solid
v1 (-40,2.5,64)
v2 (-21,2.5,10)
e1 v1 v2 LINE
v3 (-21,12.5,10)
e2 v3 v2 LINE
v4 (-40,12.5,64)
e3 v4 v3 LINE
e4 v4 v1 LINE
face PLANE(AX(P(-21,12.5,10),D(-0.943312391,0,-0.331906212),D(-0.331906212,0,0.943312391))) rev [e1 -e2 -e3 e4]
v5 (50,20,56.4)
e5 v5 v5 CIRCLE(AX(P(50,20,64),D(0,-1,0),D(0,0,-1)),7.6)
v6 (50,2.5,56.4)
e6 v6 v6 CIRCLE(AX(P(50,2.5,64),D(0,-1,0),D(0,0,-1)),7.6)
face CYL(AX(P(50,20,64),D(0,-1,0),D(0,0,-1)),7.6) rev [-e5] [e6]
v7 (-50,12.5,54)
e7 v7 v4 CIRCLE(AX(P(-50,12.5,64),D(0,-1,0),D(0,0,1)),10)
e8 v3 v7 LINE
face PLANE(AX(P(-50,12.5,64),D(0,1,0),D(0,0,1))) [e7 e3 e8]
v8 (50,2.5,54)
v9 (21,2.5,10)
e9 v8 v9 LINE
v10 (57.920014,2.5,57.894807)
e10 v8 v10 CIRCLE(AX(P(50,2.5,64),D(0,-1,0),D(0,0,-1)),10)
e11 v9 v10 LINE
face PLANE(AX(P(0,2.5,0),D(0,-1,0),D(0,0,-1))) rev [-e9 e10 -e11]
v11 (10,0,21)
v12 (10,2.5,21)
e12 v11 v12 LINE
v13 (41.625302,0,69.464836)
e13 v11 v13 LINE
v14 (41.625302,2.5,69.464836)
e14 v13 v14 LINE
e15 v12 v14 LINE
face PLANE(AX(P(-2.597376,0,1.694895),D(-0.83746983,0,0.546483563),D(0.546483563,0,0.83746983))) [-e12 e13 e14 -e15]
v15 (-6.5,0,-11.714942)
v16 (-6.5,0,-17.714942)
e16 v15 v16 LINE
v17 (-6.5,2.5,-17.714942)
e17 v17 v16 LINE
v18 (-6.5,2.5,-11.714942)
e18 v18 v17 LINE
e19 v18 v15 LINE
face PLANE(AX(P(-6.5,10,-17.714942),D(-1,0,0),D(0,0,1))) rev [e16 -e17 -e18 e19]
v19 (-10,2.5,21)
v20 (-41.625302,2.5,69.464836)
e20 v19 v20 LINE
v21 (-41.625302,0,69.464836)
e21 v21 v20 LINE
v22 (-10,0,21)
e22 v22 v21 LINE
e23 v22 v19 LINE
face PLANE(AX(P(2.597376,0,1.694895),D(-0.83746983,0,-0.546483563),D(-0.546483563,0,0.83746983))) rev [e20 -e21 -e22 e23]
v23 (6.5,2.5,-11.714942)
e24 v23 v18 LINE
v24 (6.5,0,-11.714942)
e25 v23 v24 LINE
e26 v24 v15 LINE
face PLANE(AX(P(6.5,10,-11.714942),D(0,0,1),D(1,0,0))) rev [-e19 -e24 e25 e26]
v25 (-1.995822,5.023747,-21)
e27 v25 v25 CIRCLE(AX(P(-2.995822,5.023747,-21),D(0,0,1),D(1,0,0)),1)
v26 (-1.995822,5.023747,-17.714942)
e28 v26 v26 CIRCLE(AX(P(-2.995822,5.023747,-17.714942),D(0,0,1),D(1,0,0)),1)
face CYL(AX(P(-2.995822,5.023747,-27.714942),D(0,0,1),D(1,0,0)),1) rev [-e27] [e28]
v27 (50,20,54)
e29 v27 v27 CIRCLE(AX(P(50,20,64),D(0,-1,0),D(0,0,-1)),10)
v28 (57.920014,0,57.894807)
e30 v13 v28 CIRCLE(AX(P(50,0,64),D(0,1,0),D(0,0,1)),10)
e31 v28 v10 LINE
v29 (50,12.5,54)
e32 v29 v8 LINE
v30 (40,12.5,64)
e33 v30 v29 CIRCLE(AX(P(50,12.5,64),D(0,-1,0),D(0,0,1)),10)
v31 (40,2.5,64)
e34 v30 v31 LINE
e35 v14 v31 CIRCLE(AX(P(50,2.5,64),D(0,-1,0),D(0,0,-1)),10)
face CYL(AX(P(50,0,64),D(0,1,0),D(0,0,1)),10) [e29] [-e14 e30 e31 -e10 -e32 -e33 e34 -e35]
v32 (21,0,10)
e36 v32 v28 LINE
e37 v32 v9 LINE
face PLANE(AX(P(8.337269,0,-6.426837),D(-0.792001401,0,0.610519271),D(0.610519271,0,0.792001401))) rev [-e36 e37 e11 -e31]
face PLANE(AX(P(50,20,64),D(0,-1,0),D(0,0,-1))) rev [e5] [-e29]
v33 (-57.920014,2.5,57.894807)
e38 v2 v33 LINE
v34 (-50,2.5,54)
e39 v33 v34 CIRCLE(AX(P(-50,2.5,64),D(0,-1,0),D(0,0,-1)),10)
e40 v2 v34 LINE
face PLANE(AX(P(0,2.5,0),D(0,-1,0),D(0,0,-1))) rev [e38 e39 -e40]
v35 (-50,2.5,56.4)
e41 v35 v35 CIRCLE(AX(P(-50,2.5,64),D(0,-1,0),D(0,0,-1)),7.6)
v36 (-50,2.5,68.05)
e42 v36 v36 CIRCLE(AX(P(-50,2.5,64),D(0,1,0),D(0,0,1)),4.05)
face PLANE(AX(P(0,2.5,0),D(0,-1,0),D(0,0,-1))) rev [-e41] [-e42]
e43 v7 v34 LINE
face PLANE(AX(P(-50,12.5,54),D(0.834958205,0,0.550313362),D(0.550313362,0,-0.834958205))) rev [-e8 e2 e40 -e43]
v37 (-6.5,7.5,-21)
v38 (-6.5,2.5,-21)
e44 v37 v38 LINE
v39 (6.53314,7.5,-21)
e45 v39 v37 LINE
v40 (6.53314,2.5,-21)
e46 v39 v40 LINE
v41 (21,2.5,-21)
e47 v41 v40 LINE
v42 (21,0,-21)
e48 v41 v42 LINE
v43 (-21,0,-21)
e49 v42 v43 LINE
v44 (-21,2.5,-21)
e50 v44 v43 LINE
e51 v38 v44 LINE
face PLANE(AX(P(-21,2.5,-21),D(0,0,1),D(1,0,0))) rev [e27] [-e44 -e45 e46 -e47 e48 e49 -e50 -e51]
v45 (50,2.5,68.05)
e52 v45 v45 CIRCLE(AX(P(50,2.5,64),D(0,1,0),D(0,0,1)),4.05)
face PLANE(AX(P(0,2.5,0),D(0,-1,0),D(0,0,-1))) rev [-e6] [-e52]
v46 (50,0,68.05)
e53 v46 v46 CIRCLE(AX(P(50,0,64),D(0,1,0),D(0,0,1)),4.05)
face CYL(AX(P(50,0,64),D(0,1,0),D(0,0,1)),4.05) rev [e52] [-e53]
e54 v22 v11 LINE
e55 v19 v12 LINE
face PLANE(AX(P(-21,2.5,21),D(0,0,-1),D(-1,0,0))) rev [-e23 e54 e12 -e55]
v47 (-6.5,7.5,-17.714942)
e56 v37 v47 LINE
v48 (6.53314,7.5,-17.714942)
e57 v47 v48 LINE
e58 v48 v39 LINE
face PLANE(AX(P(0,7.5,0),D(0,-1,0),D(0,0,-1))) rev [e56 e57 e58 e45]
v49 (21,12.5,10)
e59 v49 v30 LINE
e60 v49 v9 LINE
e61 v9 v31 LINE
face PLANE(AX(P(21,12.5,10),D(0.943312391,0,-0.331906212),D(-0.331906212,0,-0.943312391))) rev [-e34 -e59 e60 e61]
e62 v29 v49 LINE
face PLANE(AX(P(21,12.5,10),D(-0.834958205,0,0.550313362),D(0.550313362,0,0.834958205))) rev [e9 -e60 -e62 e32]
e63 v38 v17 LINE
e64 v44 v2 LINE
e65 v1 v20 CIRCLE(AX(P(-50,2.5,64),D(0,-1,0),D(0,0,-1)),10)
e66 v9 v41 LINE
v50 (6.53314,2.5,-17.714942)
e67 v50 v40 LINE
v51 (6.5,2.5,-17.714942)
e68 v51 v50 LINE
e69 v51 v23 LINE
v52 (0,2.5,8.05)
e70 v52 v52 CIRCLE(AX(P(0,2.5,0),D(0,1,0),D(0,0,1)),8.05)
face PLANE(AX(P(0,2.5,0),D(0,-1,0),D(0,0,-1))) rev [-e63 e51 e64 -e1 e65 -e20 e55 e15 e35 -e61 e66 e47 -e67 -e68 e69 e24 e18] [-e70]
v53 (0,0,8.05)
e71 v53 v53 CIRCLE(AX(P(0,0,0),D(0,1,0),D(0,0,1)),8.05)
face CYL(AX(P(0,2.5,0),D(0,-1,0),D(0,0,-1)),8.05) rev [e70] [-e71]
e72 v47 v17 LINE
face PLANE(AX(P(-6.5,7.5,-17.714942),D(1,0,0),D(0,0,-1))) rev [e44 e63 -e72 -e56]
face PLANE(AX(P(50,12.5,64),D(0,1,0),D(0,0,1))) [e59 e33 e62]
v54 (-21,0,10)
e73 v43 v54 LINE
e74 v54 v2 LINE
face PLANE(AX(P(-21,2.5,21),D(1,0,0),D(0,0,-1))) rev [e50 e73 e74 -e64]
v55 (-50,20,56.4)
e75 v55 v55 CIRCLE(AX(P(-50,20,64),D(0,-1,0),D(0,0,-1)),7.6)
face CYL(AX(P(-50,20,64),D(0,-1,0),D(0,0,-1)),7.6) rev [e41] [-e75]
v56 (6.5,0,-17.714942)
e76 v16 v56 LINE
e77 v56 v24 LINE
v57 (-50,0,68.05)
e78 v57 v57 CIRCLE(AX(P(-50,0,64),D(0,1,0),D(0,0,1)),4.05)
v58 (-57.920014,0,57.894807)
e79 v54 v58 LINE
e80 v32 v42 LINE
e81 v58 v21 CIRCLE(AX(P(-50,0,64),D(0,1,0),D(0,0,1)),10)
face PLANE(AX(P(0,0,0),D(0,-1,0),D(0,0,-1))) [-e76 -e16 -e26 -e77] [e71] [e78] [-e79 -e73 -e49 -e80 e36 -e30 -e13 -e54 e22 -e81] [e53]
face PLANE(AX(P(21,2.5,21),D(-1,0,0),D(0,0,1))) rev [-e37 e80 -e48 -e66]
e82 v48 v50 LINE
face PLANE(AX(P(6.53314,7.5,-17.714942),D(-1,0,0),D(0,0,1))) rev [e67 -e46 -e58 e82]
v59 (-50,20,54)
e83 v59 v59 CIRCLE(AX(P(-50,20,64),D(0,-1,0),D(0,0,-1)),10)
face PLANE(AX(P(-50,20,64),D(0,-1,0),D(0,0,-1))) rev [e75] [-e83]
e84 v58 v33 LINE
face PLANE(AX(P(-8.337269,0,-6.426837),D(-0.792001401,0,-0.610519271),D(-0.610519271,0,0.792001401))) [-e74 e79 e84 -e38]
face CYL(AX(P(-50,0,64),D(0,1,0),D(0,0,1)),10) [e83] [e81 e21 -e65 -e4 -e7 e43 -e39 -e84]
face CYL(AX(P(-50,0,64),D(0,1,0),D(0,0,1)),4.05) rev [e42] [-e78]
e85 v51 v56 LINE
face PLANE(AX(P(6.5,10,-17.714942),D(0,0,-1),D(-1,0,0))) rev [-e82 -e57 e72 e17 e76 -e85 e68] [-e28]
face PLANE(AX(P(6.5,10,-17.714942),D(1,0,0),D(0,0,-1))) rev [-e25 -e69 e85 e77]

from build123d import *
from build123d.topology import SkipClean

# Parameters (mm, degrees)
SKETCH_6_W          = 42
SKETCH_6_H          = 42
SKETCH_6_R          = 8.05
EXTRUDE_1_DEPTH     = 2.5
SKETCH_7_R          = 4.05
EXTRUDE_5_DEPTH     = 2.5
EXTRUDE_START       = -20
SKETCH_9_R          = 10
SKETCH_9_R_2        = 7.6
EXTRUDE_7_DEPTH     = 20
EXTRUDE_START_2     = 10
EXTRUDE_8_DEPTH     = 10
SKETCH_11_W         = 13
SKETCH_11_H         = 6
CUT_EXTRUDE_1_DEPTH = 10
SKETCH_12_W         = 13.033140157
SKETCH_12_H         = 3.285057939
EXTRUDE_9_DEPTH     = 5
SKETCH_13_R         = 1
CUT_EXTRUDE_2_DEPTH = 10


with BuildPart() as part:
    # 草图6 → 凸台-拉伸1 (new body)
    with BuildSketch(Plane(origin=(0, 0, 0), x_dir=(1, 0, 0), z_dir=(0, 1, 0))):
        Rectangle(SKETCH_6_W, SKETCH_6_H)
        with Locations(Location((0, 0, 0), (0, 0, 270))):
            Circle(SKETCH_6_R, mode=Mode.SUBTRACT)
    extrude(amount=EXTRUDE_1_DEPTH)

    # 草图7 → 凸台-拉伸5 (add)
    # profile 1 of 2: a face of its own
    with BuildSketch(Plane(origin=(0, 2.5, 0), x_dir=(1, 0, 0), z_dir=(0, 1, 0))):
        with BuildLine():
            Line((-21, -21), (-21, -10))
            Line((-21, -10), (-57.920014013, -57.894807289))
            ThreePointArc((-57.920014013, -57.894807289), (-55.789479543, -72.15364499), (-41.625301702, -69.464835626))
            Line((-41.625301702, -69.464835626), (-10, -21))
            Line((-10, -21), (-21, -21))
        make_face()
        with Locations(Location((-50, -64, 0), (0, 0, 270))):
            Circle(SKETCH_7_R, mode=Mode.SUBTRACT)
    # profile 2 of 2: a face of its own
    with BuildSketch(Plane(origin=(0, 2.5, 0), x_dir=(1, 0, 0), z_dir=(0, 1, 0))):
        with BuildLine():
            Line((57.920014013, -57.894807289), (21, -10))
            Line((21, -10), (21, -21))
            Line((21, -21), (10, -21))
            Line((10, -21), (41.625301702, -69.464835626))
            ThreePointArc((41.625301702, -69.464835626), (55.789479543, -72.15364499), (57.920014013, -57.894807289))
        make_face()
        with Locations(Location((50, -64, 0), (0, 0, 270))):
            Circle(SKETCH_7_R, mode=Mode.SUBTRACT)
    extrude(amount=-EXTRUDE_5_DEPTH)

    # 草图9 → 凸台-拉伸7 (add)
    # profile 1 of 2: a face of its own
    with SkipClean():  # the faces are left unmerged after this step: merging them gives an invalid solid
        with BuildSketch(Plane(origin=(0, 0, 0), x_dir=(-1, 0, 0), z_dir=(0, -1, 0)).offset(EXTRUDE_START)):
            with Locations(Location((50, -64, 0), (0, 0, 213.126103521))):
                Circle(SKETCH_9_R)
            with Locations(Location((50, -64, 0), (0, 0, 90))):
                Circle(SKETCH_9_R_2, mode=Mode.SUBTRACT)
        # profile 2 of 2: a face of its own
        with BuildSketch(Plane(origin=(0, 0, 0), x_dir=(-1, 0, 0), z_dir=(0, -1, 0)).offset(EXTRUDE_START)):
            with Locations(Location((-50, -64, 0), (0, 0, 326.873896479))):
                Circle(SKETCH_9_R)
            with Locations(Location((-50, -64, 0), (0, 0, 90))):
                Circle(SKETCH_9_R_2, mode=Mode.SUBTRACT)
        extrude(amount=EXTRUDE_7_DEPTH)

    # 草图10 → 凸台-拉伸8 (add)
    with SkipClean():  # the faces are left unmerged after this step: merging them gives an invalid solid
        with BuildSketch(Plane(origin=(0, 2.5, 0), x_dir=(1, 0, 0), z_dir=(0, 1, 0)).offset(EXTRUDE_START_2)):
            with BuildLine():
                Line((-50, -54), (-21, -10))
                Line((-21, -10), (-40, -64))
                ThreePointArc((-40, -64), (-42.928932188, -56.928932188), (-50, -54))
            make_face()
            with BuildLine():
                Line((21, -10), (40, -64))
                ThreePointArc((40, -64), (42.928932188, -56.928932188), (50, -54))
                Line((50, -54), (21, -10))
            make_face()
        extrude(amount=-EXTRUDE_8_DEPTH)

    # 草图11 → 切除-拉伸1 (cut)
    with SkipClean():  # the faces are left unmerged after this step: merging them gives an invalid solid
        with BuildSketch(Plane(origin=(0, 0, 0), x_dir=(-1, 0, 0), z_dir=(0, -1, 0))):
            with Locations((0, 14.714942061)):
                Rectangle(SKETCH_11_W, SKETCH_11_H)
        extrude(amount=-CUT_EXTRUDE_1_DEPTH, mode=Mode.SUBTRACT)

    # 草图12 → 凸台-拉伸9 (add)
    with SkipClean():  # the faces are left unmerged after this step: merging them gives an invalid solid
        with BuildSketch(Plane(origin=(0, 2.5, 0), x_dir=(1, 0, 0), z_dir=(0, 1, 0))):
            with Locations((0.016570079, 19.357471031)):
                Rectangle(SKETCH_12_W, SKETCH_12_H)
        extrude(amount=EXTRUDE_9_DEPTH)

    # 草图13 → 切除-拉伸2 (cut)
    with SkipClean():  # the faces are left unmerged after this step: merging them gives an invalid solid
        with BuildSketch(Plane.XY.offset(-17.714942061)):
            with Locations((-2.99582225, 5.023747012)):
                Circle(SKETCH_13_R)
        extrude(amount=-CUT_EXTRUDE_2_DEPTH, mode=Mode.SUBTRACT)


solid = part.part
